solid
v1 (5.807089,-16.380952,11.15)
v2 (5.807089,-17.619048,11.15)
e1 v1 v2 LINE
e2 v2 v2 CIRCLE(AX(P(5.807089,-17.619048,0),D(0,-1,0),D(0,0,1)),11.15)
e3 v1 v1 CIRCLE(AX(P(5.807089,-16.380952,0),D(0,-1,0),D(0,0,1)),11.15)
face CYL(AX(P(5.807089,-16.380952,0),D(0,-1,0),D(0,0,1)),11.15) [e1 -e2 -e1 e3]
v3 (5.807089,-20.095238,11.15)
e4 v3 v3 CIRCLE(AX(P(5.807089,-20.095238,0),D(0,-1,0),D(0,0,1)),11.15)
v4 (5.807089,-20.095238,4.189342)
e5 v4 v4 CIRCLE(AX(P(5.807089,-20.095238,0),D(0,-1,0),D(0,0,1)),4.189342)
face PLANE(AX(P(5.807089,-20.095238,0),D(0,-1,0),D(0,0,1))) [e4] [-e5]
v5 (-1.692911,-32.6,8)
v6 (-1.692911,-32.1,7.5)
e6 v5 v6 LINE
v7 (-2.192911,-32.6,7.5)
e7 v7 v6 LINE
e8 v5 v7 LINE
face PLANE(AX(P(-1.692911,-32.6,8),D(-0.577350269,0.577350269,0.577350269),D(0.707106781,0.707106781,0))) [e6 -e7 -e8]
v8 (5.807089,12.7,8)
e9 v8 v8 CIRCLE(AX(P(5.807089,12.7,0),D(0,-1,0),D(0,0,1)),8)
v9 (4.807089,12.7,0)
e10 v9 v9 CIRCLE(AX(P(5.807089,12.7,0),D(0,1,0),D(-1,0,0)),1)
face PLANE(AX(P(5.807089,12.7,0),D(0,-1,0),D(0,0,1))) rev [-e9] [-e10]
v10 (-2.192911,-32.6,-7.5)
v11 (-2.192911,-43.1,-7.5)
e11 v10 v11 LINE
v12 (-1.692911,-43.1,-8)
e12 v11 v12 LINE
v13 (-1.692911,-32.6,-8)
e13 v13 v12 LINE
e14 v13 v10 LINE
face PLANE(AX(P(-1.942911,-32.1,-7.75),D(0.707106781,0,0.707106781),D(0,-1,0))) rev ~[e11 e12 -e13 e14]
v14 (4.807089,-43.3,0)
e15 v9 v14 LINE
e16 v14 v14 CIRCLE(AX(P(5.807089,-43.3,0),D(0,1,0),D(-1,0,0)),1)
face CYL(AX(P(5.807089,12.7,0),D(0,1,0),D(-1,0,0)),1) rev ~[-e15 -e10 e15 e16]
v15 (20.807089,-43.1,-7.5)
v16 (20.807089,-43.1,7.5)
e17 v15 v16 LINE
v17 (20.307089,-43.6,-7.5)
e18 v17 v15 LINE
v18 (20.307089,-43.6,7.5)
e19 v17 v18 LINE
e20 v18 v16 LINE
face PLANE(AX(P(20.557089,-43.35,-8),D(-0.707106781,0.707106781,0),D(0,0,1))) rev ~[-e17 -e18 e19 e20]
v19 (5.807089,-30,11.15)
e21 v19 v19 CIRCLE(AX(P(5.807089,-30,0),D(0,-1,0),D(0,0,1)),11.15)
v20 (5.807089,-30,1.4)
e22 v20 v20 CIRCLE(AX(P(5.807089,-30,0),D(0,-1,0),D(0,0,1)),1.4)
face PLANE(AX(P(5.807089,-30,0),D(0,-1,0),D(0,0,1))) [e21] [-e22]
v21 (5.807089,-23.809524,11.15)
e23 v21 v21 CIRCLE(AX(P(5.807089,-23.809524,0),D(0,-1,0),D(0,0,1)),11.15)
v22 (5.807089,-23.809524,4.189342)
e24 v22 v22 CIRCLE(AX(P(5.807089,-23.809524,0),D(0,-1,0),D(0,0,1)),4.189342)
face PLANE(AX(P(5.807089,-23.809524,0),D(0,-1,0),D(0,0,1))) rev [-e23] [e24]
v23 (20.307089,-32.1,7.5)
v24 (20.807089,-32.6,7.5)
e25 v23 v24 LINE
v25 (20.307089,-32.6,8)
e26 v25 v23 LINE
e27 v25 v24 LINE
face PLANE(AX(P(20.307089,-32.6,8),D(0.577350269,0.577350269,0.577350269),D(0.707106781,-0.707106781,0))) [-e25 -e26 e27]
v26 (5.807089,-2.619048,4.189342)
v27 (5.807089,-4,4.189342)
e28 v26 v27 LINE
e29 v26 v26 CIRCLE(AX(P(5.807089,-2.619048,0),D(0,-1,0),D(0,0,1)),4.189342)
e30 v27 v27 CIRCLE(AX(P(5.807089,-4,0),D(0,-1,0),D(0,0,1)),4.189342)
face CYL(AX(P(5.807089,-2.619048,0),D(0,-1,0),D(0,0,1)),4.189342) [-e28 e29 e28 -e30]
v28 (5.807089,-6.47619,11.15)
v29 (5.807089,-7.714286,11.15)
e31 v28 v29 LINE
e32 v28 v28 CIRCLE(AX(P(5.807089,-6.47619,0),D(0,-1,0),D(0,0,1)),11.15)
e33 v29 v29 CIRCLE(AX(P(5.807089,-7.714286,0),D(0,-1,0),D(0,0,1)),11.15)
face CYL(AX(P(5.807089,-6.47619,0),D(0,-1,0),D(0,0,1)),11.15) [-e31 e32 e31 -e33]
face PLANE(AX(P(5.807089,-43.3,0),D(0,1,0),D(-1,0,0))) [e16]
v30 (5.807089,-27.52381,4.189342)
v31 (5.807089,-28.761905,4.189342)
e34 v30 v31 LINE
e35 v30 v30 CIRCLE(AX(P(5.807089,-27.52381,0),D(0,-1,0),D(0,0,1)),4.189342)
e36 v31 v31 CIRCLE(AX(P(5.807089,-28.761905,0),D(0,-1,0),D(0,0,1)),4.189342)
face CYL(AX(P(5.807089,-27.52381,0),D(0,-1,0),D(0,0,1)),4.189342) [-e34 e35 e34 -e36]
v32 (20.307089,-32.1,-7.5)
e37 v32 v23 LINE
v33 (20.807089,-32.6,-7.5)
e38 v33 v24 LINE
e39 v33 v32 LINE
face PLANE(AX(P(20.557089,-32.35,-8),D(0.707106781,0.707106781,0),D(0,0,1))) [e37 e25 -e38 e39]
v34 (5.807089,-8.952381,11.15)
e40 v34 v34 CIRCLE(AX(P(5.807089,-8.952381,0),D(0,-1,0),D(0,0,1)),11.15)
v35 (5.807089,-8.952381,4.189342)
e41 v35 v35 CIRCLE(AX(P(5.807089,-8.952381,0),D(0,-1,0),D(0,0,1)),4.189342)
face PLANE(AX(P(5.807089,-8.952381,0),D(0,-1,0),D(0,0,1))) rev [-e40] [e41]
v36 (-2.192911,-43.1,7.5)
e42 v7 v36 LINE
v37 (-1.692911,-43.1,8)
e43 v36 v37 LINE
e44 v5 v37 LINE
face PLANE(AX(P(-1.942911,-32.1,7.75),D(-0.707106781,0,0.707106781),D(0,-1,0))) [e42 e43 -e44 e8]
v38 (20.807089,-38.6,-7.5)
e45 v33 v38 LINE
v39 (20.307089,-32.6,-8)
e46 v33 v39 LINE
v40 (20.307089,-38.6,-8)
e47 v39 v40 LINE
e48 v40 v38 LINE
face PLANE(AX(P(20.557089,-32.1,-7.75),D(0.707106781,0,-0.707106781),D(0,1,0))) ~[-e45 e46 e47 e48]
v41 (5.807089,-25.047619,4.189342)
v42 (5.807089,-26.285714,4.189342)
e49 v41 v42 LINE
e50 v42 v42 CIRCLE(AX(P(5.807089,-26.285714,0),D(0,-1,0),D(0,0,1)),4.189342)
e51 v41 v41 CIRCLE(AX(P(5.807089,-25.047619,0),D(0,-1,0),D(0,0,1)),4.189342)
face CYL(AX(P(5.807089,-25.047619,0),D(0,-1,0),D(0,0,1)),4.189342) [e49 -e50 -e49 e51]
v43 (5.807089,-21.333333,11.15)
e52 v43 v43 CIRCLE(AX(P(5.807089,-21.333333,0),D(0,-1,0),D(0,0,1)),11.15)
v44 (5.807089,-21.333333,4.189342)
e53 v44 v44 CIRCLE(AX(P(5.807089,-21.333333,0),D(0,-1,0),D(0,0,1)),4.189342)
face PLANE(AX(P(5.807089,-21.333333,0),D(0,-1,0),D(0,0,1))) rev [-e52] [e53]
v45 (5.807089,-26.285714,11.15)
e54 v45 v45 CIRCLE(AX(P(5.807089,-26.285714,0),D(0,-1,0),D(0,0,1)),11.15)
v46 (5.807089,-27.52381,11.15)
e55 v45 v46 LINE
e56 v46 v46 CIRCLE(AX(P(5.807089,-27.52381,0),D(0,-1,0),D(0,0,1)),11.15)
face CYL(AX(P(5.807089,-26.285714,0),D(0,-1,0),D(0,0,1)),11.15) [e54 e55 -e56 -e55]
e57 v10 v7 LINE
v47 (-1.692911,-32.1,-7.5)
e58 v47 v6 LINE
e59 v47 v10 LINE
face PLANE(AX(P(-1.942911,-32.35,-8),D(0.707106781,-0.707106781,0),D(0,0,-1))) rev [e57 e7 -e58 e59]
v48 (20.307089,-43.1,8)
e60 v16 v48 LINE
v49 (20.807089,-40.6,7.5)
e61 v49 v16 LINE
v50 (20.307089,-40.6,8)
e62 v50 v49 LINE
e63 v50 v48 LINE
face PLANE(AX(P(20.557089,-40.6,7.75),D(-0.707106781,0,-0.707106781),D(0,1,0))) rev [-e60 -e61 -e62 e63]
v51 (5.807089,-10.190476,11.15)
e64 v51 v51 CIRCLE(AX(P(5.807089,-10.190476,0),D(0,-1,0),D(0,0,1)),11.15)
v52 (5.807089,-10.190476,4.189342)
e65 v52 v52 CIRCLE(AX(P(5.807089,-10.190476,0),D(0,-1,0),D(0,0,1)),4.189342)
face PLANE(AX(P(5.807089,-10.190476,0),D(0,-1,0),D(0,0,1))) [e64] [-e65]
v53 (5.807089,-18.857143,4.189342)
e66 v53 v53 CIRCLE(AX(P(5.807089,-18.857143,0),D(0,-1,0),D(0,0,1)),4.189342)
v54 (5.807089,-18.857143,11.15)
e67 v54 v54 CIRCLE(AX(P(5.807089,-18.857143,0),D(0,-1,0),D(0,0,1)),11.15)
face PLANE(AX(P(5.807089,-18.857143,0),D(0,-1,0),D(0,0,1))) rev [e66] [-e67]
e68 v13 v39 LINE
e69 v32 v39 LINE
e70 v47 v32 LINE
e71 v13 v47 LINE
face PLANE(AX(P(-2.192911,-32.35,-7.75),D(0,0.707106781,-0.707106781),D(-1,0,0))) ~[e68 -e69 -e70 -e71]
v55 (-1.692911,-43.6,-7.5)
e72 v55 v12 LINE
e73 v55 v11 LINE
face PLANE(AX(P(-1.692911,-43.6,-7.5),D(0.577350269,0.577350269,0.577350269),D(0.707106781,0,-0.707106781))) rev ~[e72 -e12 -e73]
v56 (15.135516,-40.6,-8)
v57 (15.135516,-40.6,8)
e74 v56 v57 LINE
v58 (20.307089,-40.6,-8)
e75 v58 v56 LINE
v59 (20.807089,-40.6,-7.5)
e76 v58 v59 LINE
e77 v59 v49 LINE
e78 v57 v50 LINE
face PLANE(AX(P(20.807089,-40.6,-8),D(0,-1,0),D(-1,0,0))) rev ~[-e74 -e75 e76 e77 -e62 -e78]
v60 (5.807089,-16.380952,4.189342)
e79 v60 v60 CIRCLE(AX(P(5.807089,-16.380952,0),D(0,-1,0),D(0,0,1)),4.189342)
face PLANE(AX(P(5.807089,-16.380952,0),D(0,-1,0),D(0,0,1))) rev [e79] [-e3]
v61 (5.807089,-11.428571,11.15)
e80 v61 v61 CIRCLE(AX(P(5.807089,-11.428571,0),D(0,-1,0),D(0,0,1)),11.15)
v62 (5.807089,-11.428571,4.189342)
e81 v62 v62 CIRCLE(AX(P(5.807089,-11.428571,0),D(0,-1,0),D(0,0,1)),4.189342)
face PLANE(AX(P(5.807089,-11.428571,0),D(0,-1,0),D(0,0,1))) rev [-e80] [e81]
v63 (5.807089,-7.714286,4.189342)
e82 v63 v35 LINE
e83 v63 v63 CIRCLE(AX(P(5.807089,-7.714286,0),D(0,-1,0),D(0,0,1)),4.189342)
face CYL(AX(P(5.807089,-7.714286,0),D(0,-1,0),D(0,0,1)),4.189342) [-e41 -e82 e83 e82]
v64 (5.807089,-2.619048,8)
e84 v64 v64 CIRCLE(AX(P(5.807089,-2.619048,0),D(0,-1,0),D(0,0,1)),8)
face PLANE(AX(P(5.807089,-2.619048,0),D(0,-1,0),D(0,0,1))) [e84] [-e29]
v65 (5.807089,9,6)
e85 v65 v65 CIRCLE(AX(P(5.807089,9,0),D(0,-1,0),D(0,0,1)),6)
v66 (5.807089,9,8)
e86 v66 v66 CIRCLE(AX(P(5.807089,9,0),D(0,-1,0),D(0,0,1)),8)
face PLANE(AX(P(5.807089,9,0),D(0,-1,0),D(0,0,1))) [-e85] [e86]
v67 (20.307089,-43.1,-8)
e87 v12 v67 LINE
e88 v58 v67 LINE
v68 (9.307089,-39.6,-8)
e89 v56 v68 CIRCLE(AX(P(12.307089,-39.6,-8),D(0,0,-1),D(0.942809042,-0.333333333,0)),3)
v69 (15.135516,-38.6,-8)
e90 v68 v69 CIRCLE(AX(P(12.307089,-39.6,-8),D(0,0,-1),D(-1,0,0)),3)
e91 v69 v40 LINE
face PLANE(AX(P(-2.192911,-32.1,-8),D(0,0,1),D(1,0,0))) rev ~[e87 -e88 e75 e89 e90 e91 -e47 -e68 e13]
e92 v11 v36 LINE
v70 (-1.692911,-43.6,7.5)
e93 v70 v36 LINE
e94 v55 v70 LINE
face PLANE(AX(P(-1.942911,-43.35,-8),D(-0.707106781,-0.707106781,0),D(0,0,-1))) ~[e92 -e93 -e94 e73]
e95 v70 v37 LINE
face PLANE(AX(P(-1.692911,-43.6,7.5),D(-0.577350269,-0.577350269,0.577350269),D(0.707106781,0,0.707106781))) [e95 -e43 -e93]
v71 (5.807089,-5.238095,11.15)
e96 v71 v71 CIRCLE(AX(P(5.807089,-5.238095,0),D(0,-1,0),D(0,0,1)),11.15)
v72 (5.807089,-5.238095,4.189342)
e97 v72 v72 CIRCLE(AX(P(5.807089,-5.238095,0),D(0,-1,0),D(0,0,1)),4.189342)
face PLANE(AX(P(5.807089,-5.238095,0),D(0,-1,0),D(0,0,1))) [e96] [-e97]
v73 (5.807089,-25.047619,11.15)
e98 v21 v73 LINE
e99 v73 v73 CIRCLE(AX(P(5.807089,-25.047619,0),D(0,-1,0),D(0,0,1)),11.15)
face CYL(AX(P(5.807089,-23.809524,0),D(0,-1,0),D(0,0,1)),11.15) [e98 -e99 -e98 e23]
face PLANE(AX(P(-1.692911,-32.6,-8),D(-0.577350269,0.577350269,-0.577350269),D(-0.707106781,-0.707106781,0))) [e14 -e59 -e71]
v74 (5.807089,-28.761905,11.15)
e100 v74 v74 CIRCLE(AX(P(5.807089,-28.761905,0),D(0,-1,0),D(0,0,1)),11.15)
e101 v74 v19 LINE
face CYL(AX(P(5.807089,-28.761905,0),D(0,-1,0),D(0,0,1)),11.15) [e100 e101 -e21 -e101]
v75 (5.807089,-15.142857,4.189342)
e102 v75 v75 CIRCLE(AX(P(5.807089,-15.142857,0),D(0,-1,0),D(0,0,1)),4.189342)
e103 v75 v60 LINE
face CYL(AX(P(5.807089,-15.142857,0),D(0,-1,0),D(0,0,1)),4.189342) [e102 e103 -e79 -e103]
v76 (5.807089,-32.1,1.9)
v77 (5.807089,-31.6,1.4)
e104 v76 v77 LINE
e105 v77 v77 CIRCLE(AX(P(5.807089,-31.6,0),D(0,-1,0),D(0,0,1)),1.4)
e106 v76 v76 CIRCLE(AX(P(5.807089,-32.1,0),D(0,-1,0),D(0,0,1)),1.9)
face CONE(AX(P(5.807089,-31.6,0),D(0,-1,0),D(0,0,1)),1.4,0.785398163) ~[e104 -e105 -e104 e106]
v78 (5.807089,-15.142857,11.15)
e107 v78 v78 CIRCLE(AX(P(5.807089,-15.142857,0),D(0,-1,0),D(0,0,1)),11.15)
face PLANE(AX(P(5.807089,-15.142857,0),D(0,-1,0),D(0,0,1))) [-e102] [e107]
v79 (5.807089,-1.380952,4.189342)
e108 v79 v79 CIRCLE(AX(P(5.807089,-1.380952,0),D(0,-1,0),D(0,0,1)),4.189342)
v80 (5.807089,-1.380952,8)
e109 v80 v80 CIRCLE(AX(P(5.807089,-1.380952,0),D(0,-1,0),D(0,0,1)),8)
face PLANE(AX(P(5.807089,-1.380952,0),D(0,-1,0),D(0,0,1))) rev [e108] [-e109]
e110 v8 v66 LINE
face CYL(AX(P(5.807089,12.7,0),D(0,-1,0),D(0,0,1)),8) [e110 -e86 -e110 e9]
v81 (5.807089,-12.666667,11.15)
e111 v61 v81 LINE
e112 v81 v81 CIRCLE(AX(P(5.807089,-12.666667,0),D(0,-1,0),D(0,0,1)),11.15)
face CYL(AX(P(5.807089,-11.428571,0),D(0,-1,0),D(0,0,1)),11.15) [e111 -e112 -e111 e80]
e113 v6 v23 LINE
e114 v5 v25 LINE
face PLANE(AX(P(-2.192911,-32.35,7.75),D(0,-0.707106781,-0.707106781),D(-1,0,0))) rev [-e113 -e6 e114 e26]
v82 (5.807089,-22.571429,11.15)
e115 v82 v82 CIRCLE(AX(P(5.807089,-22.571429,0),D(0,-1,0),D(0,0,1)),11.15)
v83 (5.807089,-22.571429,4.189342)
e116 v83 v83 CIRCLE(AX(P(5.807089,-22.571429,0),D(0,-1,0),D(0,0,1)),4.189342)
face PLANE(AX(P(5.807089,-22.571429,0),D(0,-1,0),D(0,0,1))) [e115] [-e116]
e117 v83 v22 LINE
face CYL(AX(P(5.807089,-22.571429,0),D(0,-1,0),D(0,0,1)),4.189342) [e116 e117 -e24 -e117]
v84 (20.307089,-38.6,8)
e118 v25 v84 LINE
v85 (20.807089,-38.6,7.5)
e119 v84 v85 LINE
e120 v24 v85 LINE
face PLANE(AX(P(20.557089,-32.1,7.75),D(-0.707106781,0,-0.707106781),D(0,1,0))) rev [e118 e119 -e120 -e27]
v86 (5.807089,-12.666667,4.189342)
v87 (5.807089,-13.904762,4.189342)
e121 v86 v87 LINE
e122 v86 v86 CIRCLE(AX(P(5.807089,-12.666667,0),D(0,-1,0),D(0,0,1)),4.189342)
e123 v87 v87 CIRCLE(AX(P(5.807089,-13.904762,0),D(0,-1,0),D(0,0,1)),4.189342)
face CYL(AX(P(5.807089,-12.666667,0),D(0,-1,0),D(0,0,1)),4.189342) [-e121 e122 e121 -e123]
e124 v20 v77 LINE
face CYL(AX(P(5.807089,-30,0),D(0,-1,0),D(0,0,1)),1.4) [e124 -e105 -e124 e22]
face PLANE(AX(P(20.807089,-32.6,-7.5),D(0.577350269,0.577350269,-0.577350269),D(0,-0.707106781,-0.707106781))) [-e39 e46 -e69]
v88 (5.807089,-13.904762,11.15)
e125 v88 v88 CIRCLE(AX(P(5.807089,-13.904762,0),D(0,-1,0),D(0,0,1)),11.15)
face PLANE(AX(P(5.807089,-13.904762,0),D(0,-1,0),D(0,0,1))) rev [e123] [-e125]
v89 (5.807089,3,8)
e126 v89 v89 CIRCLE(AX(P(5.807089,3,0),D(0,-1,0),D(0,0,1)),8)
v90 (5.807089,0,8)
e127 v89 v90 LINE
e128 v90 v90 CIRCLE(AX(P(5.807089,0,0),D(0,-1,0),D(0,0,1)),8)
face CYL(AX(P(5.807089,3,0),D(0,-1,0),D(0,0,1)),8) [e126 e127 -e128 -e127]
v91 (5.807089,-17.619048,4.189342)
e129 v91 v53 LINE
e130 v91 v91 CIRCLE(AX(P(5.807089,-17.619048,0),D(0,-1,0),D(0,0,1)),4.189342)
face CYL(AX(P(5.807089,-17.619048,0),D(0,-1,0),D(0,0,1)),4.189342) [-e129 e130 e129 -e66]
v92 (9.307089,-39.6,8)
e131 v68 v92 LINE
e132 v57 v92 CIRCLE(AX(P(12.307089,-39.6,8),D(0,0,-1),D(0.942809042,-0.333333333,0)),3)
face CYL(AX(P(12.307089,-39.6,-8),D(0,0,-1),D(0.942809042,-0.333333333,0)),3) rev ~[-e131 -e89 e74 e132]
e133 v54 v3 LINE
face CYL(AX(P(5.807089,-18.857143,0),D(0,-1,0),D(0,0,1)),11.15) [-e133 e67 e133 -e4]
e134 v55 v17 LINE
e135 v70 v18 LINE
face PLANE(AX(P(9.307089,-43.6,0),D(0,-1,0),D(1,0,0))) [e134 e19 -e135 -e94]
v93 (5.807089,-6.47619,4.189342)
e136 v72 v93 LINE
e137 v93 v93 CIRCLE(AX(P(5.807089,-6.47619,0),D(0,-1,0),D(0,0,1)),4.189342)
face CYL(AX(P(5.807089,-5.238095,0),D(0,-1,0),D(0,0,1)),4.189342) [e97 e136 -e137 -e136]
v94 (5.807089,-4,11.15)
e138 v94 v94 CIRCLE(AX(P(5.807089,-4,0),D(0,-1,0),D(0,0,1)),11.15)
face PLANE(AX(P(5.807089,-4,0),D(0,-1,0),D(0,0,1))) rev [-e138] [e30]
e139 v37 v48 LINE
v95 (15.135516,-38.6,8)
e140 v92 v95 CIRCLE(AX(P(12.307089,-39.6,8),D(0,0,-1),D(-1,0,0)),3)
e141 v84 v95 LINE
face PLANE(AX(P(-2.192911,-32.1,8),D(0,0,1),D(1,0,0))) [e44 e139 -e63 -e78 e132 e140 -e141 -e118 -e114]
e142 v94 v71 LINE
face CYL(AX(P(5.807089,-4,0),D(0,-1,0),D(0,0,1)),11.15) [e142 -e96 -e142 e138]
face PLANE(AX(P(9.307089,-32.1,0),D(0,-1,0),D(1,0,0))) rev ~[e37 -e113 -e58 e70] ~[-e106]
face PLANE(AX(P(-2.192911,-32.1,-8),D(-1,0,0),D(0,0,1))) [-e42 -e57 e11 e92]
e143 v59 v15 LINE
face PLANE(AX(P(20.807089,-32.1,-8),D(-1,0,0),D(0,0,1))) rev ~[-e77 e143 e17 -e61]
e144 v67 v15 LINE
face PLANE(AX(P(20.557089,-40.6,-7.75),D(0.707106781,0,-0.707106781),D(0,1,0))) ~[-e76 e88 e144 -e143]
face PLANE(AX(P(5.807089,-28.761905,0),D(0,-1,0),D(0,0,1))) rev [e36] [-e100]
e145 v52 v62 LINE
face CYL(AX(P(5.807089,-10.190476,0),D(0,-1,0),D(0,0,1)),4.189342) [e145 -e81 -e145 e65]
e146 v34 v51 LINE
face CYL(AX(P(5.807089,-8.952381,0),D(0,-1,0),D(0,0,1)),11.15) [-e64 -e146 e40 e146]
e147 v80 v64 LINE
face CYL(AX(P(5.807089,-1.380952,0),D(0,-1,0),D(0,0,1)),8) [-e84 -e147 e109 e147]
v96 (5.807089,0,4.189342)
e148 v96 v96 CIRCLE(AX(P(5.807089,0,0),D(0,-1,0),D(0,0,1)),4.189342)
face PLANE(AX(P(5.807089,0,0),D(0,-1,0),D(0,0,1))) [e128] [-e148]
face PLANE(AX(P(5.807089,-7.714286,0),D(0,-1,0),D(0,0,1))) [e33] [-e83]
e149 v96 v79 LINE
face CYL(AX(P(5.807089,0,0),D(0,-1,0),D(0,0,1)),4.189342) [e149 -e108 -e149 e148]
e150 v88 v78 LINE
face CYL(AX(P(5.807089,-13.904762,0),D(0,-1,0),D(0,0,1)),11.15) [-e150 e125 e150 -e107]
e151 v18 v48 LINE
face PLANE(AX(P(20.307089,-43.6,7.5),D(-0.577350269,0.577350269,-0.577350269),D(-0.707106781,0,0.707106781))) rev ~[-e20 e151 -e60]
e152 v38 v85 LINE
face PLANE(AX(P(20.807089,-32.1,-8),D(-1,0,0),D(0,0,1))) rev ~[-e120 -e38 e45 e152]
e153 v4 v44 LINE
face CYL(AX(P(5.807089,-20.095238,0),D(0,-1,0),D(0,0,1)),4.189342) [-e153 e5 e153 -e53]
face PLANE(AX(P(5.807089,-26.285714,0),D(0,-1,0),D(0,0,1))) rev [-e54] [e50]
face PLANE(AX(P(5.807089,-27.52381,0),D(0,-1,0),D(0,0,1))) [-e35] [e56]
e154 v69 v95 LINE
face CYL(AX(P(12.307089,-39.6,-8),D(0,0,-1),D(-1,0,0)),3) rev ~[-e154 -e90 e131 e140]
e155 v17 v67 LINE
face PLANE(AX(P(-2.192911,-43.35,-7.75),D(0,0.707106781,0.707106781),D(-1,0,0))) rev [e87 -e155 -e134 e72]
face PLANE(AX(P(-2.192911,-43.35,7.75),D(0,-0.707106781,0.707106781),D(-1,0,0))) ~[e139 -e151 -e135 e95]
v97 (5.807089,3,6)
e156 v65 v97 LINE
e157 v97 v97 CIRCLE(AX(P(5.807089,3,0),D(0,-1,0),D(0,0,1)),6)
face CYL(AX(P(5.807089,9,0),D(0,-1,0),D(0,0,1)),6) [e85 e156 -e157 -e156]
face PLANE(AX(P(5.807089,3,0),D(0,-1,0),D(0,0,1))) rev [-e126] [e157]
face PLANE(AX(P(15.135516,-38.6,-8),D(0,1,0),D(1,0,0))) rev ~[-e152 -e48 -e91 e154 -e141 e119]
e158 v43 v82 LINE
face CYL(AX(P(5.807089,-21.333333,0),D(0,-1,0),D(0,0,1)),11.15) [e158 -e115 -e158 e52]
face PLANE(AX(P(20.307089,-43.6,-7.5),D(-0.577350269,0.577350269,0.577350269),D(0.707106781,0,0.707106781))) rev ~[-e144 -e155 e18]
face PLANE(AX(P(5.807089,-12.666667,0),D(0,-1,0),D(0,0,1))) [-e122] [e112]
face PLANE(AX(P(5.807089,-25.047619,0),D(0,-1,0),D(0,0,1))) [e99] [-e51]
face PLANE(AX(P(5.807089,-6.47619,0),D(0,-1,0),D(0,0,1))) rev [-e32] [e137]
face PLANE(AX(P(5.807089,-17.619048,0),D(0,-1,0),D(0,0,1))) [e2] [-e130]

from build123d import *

# Parameters (mm, degrees)
SKETCH2_W           = 23
SKETCH2_H           = 16
BOSS_EXTRUDE1_DEPTH = 11.5
CUT_EXTRUDE1_DEPTH  = 21.5
CHAMFER1_SIZE       = 0.5
SKETCH4_R           = 1
CUT_EXTRUDE2_DEPTH  = 56


with BuildPart() as part:
    # Sketch1 → Revolve1 (revolve)
    with BuildSketch(Plane.XY, mode=Mode.PRIVATE) as revolve1_sk:
        Polygon((5.807089278, 12.7), (-2.192910722, 12.7), (-2.192910722, 9), (-0.192910722, 9), (-0.192910722, 3), (-2.192910722, 3), (-2.192910722, 0), (1.617747359, 0), (1.617747359, -1.380952381), (-2.192910722, -1.380952381), (-2.192910722, -2.619047619), (1.617747359, -2.619047619), (1.617747359, -4), (-5.342910722, -4), (-5.342910722, -5.238095238), (1.617747359, -5.238095238), (1.617747359, -6.476190476), (-5.342910722, -6.476190476), (-5.342910722, -7.714285714), (1.617747359, -7.714285714), (1.617747359, -8.952380952), (-5.342910722, -8.952380952), (-5.342910722, -10.19047619), (1.617747359, -10.19047619), (1.617747359, -11.428571429), (-5.342910722, -11.428571429), (-5.342910722, -12.666666667), (1.617747359, -12.666666667), (1.617747359, -13.904761905), (-5.342910722, -13.904761905), (-5.342910722, -15.142857143), (1.617747359, -15.142857143), (1.617747359, -16.380952381), (-5.342910722, -16.380952381), (-5.342910722, -17.619047619), (1.617747359, -17.619047619), (1.617747359, -18.857142857), (-5.342910722, -18.857142857), (-5.342910722, -20.095238095), (1.617747359, -20.095238095), (1.617747359, -21.333333333), (-5.342910722, -21.333333333), (-5.342910722, -22.571428571), (1.617747359, -22.571428571), (1.617747359, -23.80952381), (-5.342910722, -23.80952381), (-5.342910722, -25.047619048), (1.617747359, -25.047619048), (1.617747359, -26.285714286), (-5.342910722, -26.285714286), (-5.342910722, -27.523809524), (1.617747359, -27.523809524), (1.617747359, -28.761904762), (-5.342910722, -28.761904762), (-5.342910722, -30), (4.407089278, -30), (4.407089278, -32.1), (5.807089278, -32.1), (5.807089278, -23.767155517), align=None)
    revolve(revolve1_sk.sketch.rotate(Axis((5.807089278, 12.7, 0), (0, -1, 0)), 270), axis=Axis((5.807089278, 12.7, 0), (0, -1, 0)))

    # Sketch2 → Boss-Extrude1 (add)
    with BuildSketch(Plane.XZ.offset(32.1)):
        with Locations((9.307089278, 0)):
            Rectangle(SKETCH2_W, SKETCH2_H)
    extrude(amount=BOSS_EXTRUDE1_DEPTH)

    # Sketch3 → Cut-Extrude1 (cut)
    with BuildSketch(Plane(origin=(0, 0, -8), x_dir=(-1, 0, 0), z_dir=(0, 0, -1))):
        with BuildLine():
            Line((-20.807089278, -38.6), (-20.807089278, -40.6))
            Line((-20.807089278, -40.6), (-15.135516403, -40.6))
            ThreePointArc((-15.135516403, -40.6), (-15.307089278, -39.6), (-15.135516403, -38.6))
            Line((-15.135516403, -38.6), (-20.807089278, -38.6))
        make_face()
        with BuildLine():
            ThreePointArc((-15.135516403, -38.6), (-15.307089278, -39.6), (-15.135516403, -40.6))
            Line((-15.135516403, -40.6), (-12.923340637, -40.6))
            Line((-12.923340637, -40.6), (-12.923340637, -38.6))
            Line((-12.923340637, -38.6), (-15.135516403, -38.6))
        make_face()
        with BuildLine():
            Line((-12.923340637, -40.6), (-15.135516403, -40.6))
            ThreePointArc((-15.135516403, -40.6), (-11.799783342, -42.556795679), (-9.307089278, -39.6))
            ThreePointArc((-9.307089278, -39.6), (-11.799783342, -36.643204321), (-15.135516403, -38.6))
            Line((-15.135516403, -38.6), (-12.923340637, -38.6))
            Line((-12.923340637, -38.6), (-12.923340637, -40.6))
        make_face()
    extrude(amount=-CUT_EXTRUDE1_DEPTH, mode=Mode.SUBTRACT)

    # Chamfer1
    chamfer1_edges = [part.edges().sort_by_distance(p)[0] for p in [
        (5.807089278, -32.1, -1.4),
        (-2.192910722, -32.1, 0),
        (-2.192910722, -37.85, 8),
        (9.307089278, -32.1, -8),
        (-2.192910722, -37.85, -8),
        (20.807089278, -32.1, 0),
        (20.807089278, -42.1, -8),
        (9.307089278, -32.1, 8),
        (20.807089278, -42.1, 8),
        (-2.192910722, -43.6, 0),
        (9.307089278, -43.6, -8),
        (20.807089278, -43.6, 0),
        (9.307089278, -43.6, 8),
        (20.807089278, -35.35, 8),
        (20.807089278, -35.35, -8),
    ]]
    chamfer(chamfer1_edges, length=CHAMFER1_SIZE)

    # Sketch4 → Cut-Extrude2 (cut)
    with BuildSketch(Plane(origin=(0, 12.7, 0), x_dir=(1, 0, 0), z_dir=(0, 1, 0))):
        with Locations(Location((5.807089278, 0, 0), (0, 0, 180))):
            Circle(SKETCH4_R)
    extrude(amount=-CUT_EXTRUDE2_DEPTH, mode=Mode.SUBTRACT)


solid = part.part
